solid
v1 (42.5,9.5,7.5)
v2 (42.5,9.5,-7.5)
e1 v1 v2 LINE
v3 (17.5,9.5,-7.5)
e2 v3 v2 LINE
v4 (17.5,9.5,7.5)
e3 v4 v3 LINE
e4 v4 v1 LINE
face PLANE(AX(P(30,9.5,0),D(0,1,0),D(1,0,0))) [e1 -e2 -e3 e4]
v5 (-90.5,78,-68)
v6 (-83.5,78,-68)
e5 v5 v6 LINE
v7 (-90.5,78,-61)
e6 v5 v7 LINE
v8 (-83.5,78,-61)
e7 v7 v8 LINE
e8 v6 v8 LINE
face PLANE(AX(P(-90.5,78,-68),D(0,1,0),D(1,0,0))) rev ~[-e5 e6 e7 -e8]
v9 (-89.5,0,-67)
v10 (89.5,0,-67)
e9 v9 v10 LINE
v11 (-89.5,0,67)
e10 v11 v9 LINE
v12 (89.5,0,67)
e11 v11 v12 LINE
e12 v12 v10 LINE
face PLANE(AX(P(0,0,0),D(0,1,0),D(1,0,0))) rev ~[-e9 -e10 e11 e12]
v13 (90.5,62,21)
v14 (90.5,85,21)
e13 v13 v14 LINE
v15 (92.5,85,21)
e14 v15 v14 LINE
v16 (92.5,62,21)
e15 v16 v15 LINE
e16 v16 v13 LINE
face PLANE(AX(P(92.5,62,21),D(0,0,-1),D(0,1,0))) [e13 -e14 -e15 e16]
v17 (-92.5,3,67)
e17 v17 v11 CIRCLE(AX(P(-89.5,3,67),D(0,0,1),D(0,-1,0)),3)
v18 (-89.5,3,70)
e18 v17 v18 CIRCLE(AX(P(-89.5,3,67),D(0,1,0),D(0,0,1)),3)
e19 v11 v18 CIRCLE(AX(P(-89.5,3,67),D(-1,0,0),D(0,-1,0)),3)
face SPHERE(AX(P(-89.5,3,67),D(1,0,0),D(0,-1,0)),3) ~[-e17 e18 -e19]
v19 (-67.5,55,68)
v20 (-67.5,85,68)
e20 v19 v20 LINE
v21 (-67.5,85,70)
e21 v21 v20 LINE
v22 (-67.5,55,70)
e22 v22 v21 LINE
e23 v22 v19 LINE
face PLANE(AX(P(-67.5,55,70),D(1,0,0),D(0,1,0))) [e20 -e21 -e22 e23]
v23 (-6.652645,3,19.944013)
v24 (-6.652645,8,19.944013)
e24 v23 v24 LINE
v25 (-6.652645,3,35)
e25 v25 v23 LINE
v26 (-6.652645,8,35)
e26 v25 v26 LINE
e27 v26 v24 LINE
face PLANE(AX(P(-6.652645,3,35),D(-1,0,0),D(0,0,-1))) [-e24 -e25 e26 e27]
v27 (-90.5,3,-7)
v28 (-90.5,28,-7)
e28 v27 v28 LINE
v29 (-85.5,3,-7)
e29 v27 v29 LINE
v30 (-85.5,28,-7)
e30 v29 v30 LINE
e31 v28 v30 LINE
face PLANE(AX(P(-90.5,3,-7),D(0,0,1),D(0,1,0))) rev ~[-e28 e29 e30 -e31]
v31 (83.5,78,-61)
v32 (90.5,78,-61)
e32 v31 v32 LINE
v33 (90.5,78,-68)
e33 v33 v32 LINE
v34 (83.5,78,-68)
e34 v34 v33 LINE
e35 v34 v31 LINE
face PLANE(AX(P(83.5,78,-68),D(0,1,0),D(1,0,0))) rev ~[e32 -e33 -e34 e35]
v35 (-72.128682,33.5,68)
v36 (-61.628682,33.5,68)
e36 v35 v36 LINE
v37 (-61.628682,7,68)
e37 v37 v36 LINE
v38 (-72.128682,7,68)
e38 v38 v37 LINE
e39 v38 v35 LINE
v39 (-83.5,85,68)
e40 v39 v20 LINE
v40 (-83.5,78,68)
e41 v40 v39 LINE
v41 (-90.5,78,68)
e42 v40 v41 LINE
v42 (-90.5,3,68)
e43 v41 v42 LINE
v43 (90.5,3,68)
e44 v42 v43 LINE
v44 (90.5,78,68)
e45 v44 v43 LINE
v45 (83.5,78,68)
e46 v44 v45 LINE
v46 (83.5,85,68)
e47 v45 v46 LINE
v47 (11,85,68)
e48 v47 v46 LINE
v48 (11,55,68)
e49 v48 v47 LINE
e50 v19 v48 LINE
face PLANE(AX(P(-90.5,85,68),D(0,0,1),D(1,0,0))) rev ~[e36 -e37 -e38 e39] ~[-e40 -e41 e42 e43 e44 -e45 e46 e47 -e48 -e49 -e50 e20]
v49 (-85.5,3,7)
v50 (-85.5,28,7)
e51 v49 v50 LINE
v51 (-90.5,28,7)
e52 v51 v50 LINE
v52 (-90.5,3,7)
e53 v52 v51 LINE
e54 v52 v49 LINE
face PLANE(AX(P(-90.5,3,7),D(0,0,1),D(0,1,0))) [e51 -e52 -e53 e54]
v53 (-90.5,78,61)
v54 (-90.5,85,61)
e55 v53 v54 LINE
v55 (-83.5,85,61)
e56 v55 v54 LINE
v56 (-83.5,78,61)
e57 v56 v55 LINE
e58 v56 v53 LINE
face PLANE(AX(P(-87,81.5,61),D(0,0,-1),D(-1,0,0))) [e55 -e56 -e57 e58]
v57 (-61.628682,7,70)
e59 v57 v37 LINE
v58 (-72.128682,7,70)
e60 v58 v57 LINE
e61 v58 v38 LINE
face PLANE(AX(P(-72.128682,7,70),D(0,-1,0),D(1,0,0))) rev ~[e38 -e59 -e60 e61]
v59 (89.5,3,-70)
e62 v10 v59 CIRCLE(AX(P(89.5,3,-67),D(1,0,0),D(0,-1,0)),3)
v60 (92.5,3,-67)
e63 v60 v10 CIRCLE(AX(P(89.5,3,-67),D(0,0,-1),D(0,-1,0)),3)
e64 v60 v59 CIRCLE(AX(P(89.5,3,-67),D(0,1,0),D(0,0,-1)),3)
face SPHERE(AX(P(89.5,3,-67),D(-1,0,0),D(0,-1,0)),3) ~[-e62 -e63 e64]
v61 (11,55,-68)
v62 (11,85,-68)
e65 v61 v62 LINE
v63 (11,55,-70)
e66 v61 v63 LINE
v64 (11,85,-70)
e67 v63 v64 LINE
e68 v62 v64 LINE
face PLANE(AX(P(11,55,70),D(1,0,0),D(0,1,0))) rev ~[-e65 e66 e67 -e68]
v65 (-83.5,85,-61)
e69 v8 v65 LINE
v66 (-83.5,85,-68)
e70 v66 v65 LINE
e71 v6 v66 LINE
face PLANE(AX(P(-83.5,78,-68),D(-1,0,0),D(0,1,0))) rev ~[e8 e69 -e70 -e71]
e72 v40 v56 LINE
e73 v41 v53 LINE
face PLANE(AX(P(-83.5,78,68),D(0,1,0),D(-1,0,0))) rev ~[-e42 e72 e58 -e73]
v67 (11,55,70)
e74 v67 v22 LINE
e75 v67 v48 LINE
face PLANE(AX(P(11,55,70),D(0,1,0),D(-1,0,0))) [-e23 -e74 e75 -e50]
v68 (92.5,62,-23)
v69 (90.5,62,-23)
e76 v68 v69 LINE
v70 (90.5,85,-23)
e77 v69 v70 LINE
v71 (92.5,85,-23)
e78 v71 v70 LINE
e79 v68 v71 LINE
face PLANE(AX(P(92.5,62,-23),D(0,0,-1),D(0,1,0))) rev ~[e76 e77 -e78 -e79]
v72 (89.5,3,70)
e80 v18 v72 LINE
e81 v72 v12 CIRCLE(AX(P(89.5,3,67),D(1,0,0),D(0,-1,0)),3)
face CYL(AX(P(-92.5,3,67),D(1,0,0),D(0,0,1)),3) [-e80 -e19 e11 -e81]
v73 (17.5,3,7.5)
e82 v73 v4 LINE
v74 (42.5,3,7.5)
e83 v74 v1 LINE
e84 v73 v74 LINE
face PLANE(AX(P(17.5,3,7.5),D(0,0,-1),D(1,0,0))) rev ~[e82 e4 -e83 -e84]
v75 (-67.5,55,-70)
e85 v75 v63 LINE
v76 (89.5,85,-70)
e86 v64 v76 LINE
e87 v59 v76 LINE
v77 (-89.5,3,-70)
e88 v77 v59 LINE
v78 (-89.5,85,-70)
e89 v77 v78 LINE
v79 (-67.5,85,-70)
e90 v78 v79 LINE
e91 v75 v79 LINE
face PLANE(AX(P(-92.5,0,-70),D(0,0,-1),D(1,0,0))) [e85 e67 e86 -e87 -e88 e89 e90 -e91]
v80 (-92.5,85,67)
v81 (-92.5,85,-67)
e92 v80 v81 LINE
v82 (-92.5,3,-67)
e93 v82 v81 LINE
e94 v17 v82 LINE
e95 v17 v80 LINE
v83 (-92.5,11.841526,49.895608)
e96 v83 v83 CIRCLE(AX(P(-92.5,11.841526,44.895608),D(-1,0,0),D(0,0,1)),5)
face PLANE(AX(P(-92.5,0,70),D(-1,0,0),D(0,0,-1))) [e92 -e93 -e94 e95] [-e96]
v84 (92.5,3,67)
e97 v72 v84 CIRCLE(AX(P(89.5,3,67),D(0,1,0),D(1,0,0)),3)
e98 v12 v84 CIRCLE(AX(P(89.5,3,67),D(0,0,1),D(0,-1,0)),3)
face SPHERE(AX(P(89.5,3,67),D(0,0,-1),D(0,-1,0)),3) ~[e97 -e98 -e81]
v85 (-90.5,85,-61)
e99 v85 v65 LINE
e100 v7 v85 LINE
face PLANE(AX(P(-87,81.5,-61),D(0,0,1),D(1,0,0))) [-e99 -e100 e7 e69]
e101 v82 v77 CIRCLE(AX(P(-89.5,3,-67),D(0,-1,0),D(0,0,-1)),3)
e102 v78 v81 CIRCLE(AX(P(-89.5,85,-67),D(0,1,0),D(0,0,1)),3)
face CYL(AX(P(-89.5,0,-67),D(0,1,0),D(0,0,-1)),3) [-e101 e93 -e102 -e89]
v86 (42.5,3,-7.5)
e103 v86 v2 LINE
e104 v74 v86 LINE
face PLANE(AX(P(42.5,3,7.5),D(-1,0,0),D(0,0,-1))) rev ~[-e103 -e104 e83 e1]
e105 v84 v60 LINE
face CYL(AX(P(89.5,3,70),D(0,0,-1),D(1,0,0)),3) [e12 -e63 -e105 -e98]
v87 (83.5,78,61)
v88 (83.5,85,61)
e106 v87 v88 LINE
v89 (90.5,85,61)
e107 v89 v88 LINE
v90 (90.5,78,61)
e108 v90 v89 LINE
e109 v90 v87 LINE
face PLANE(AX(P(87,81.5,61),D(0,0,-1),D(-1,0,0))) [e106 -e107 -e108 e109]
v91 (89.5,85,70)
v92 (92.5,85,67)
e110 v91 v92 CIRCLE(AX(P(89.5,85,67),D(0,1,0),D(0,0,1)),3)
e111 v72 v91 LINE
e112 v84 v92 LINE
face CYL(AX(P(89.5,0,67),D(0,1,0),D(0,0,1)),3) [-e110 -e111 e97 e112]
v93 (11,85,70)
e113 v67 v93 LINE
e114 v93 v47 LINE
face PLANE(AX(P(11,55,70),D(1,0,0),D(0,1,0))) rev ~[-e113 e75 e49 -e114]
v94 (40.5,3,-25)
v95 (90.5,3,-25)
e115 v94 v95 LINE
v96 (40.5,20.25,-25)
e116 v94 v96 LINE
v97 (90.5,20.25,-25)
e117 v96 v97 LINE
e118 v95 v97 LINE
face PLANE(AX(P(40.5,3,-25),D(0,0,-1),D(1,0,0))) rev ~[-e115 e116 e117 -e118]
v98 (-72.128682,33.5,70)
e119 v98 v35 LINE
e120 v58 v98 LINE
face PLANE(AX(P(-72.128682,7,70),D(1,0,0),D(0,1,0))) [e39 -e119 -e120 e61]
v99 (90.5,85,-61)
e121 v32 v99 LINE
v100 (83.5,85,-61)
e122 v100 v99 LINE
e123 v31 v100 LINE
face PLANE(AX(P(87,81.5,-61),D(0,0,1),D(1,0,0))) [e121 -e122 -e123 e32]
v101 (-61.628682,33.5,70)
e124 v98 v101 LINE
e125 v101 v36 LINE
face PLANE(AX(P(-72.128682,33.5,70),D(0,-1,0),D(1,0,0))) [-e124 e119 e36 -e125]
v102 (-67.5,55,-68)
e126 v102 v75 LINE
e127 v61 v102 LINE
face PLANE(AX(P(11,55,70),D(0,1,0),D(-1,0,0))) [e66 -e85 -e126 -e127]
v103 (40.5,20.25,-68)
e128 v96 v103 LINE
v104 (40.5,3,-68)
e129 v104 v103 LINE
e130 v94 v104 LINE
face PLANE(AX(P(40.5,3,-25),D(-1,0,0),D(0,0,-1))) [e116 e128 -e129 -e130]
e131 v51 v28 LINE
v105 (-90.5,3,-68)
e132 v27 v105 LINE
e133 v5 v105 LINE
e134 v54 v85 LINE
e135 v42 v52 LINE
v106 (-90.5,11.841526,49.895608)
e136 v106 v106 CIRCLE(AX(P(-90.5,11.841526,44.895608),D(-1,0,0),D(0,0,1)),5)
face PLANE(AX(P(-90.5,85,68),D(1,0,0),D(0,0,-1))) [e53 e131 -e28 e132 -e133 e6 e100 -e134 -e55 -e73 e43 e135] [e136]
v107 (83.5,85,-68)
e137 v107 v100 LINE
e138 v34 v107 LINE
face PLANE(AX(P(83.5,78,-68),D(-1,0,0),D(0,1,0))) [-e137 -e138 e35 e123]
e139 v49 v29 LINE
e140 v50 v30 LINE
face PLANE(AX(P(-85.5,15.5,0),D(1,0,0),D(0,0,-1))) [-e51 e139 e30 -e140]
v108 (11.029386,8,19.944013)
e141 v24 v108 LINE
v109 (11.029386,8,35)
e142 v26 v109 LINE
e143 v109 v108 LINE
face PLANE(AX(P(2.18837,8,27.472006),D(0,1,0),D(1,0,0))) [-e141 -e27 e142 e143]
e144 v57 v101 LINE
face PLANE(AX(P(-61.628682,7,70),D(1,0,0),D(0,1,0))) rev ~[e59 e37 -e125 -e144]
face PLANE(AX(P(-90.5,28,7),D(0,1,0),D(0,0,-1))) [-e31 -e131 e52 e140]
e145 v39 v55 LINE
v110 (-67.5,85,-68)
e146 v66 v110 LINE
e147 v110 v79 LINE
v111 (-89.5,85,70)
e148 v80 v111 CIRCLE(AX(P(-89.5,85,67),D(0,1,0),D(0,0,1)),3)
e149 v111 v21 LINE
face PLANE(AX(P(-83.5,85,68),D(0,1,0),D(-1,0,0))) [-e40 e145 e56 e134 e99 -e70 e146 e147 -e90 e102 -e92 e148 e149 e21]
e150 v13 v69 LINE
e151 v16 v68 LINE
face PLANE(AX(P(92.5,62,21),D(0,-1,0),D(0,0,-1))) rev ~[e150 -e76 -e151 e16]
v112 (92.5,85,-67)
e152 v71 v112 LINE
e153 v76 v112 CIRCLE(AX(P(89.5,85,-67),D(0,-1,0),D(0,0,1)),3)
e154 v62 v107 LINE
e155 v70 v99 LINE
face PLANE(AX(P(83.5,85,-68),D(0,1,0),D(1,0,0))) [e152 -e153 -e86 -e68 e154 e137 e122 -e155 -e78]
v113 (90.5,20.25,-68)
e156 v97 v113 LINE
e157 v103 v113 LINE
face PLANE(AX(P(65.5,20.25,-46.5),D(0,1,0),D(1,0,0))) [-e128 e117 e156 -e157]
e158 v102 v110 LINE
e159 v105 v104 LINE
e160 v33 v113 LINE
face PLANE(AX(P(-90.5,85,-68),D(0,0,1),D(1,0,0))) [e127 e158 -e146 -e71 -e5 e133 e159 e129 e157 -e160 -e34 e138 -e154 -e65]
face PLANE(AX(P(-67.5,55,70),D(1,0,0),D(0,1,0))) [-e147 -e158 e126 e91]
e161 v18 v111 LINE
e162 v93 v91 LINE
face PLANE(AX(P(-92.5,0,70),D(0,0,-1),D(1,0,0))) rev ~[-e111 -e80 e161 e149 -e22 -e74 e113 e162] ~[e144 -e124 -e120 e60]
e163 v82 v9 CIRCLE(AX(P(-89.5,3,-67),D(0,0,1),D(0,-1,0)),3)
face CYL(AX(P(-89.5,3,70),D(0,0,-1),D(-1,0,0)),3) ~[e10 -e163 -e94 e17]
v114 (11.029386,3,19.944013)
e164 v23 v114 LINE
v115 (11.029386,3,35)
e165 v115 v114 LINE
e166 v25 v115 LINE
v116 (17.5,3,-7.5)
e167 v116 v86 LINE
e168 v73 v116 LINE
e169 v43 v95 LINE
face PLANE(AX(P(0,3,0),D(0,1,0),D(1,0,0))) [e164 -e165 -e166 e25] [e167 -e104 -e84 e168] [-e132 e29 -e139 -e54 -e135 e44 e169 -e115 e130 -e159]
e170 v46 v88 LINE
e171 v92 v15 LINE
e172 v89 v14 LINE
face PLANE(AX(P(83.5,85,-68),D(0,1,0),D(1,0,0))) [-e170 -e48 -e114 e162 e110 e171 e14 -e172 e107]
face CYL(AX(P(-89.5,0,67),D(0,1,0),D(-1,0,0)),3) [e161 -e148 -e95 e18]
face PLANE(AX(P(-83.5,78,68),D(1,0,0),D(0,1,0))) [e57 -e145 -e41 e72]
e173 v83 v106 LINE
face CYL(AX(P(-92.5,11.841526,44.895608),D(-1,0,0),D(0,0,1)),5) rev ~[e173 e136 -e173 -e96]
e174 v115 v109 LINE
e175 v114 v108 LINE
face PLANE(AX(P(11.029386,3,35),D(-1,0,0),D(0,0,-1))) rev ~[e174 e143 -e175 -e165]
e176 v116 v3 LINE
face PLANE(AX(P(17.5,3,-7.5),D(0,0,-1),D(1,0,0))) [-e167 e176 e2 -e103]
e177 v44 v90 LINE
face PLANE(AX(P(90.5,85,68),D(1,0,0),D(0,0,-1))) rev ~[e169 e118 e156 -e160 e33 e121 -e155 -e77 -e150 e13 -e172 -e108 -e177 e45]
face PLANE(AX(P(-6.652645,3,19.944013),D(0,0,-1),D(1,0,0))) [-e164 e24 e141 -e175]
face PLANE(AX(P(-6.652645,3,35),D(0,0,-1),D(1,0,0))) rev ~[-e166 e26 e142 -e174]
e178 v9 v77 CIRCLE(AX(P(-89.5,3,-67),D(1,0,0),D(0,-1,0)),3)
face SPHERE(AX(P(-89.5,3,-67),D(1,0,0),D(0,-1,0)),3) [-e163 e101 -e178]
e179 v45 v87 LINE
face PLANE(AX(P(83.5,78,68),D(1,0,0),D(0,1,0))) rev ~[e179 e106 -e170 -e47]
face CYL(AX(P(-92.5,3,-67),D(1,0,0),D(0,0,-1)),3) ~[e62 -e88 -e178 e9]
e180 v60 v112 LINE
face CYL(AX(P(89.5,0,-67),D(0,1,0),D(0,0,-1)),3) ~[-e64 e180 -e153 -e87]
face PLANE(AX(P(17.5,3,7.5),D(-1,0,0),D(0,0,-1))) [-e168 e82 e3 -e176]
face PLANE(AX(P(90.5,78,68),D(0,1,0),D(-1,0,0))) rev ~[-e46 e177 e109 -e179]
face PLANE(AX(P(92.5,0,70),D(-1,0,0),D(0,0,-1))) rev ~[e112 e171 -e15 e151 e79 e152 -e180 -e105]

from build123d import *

# Parameters (mm, degrees)
SKETCH1_W            = 185
SKETCH1_H            = 140
BOSS_EXTRUDE1_DEPTH  = 85
SKETCH2_W            = 181
SKETCH2_H            = 136
CUT_EXTRUDE1_DEPTH   = 82
CUT_EXTRUDE3_REACH   = 190.099
SKETCH3_W            = 60
SKETCH3_H            = 30
SKETCH6_W            = 7
SKETCH6_H            = 7
BOSS_EXTRUDE2_DEPTH  = 7
SKETCH7_W            = 7
SKETCH7_H            = 7
BOSS_EXTRUDE3_DEPTH  = 7
SKETCH8_W            = 7
SKETCH8_H            = 7
BOSS_EXTRUDE4_DEPTH  = 7
SKETCH9_W            = 7
SKETCH9_H            = 7
BOSS_EXTRUDE5_DEPTH  = 7
SKETCH11_W           = 50
SKETCH11_H           = 43
BOSS_EXTRUDE6_DEPTH  = 17.25
SKETCH12_W           = 25
SKETCH12_H           = 15
BOSS_EXTRUDE7_DEPTH  = 6.5
SKETCH13_W           = 10
SKETCH13_H           = 30
CUT_EXTRUDE4_DEPTH   = 174
SKETCH14_W           = 14
SKETCH14_H           = 25
BOSS_EXTRUDE8_DEPTH  = 5
SKETCH21_W           = 44
SKETCH21_H           = 23
CUT_EXTRUDE11_DEPTH  = 12
SKETCH23_R           = 5
CUT_EXTRUDE12_DEPTH  = 2
FILLET2_R            = 3
CUT_EXTRUDE13_START  = -140
SKETCH24_W           = 7
SKETCH24_H           = 30
CUT_EXTRUDE13_DEPTH  = 140
CUT_EXTRUDE14_START  = -140
SKETCH25_W           = 1.5
SKETCH25_H           = 30
CUT_EXTRUDE14_DEPTH  = 140
SKETCH26_W           = 17.682031304
SKETCH26_H           = 15.055987051
BOSS_EXTRUDE12_DEPTH = 5
SKETCH27_W           = 10.5
SKETCH27_H           = 26.5
CUT_EXTRUDE15_DEPTH  = 2


with BuildPart() as part:
    # Sketch1 → Boss-Extrude1 (new body)
    with BuildSketch(Plane(origin=(0, 0, 0), x_dir=(1, 0, 0), z_dir=(0, 1, 0))):
        Rectangle(SKETCH1_W, SKETCH1_H)
    extrude(amount=BOSS_EXTRUDE1_DEPTH)

    # Sketch2 → Cut-Extrude1 (cut)
    with BuildSketch(Plane(origin=(0, 85, 0), x_dir=(1, 0, 0), z_dir=(0, 1, 0))):
        Rectangle(SKETCH2_W, SKETCH2_H)
    extrude(amount=-CUT_EXTRUDE1_DEPTH, mode=Mode.SUBTRACT)

    # Cut-Extrude3: up to this face of the body (flat: up to its plane)
    cut_extrude3_end = Plane(part.part.faces().sort_by_distance((0, 42.5, -70))[0])
    # Sketch3 → Cut-Extrude3 (cut, up to the picked face)
    with BuildSketch(Plane.XY.offset(70), mode=Mode.PRIVATE) as cut_extrude3_sk1:
        with Locations((-37.5, 70)):
            Rectangle(SKETCH3_W, SKETCH3_H)
    cut_extrude3_tool1 = split(extrude(cut_extrude3_sk1.sketch, amount=-CUT_EXTRUDE3_REACH, mode=Mode.PRIVATE), bisect_by=cut_extrude3_end, keep=Keep.BOTH, mode=Mode.PRIVATE)
    add(cut_extrude3_tool1.solids().sort_by(Axis((-37.5, 70, 70), (0, 0, -1)))[0], mode=Mode.SUBTRACT)

    # Sketch6 → Boss-Extrude2 (add)
    with BuildSketch(Plane(origin=(0, 0, 68), x_dir=(-1, 0, 0), z_dir=(0, 0, -1))):
        with Locations((87, 81.5)):
            Rectangle(SKETCH6_W, SKETCH6_H)
    extrude(amount=BOSS_EXTRUDE2_DEPTH)

    # Sketch7 → Boss-Extrude3 (add)
    with BuildSketch(Plane.XY.offset(-68)):
        with Locations((-87, 81.5)):
            Rectangle(SKETCH7_W, SKETCH7_H)
    extrude(amount=BOSS_EXTRUDE3_DEPTH)

    # Sketch8 → Boss-Extrude4 (add)
    with BuildSketch(Plane(origin=(0, 0, 68), x_dir=(-1, 0, 0), z_dir=(0, 0, -1))):
        with Locations((-87, 81.5)):
            Rectangle(SKETCH8_W, SKETCH8_H)
    extrude(amount=BOSS_EXTRUDE4_DEPTH)

    # Sketch9 → Boss-Extrude5 (add)
    with BuildSketch(Plane.XY.offset(-68)):
        with Locations((87, 81.5)):
            Rectangle(SKETCH9_W, SKETCH9_H)
    extrude(amount=BOSS_EXTRUDE5_DEPTH)

    # Sketch11 → Boss-Extrude6 (add)
    with BuildSketch(Plane(origin=(0, 3, 0), x_dir=(1, 0, 0), z_dir=(0, 1, 0))):
        with Locations((65.5, 46.5)):
            Rectangle(SKETCH11_W, SKETCH11_H)
    extrude(amount=BOSS_EXTRUDE6_DEPTH)

    # Sketch12 → Boss-Extrude7 (add)
    with BuildSketch(Plane(origin=(0, 3, 0), x_dir=(1, 0, 0), z_dir=(0, 1, 0))):
        with Locations((30, 0)):
            Rectangle(SKETCH12_W, SKETCH12_H)
    extrude(amount=BOSS_EXTRUDE7_DEPTH)

    # Sketch13 → Cut-Extrude4 (cut)
    with BuildSketch(Plane.XY.offset(70)):
        with Locations((-2.5, 70)):
            Rectangle(SKETCH13_W, SKETCH13_H)
    extrude(amount=-CUT_EXTRUDE4_DEPTH, mode=Mode.SUBTRACT)

    # Sketch14 → Boss-Extrude8 (add)
    with BuildSketch(Plane(origin=(-90.5, 0, 0), x_dir=(0, 0, -1), z_dir=(1, 0, 0))):
        with Locations((0, 15.5)):
            Rectangle(SKETCH14_W, SKETCH14_H)
    extrude(amount=BOSS_EXTRUDE8_DEPTH)

    # Sketch21 → Cut-Extrude11 (cut)
    with BuildSketch(Plane(origin=(92.5, 0, 0), x_dir=(0, 0, -1), z_dir=(1, 0, 0))):
        with Locations((1, 73.5)):
            Rectangle(SKETCH21_W, SKETCH21_H)
    extrude(amount=-CUT_EXTRUDE11_DEPTH, mode=Mode.SUBTRACT)

    # Sketch23 → Cut-Extrude12 (cut)
    with BuildSketch(Plane.ZY.offset(92.5)):
        with Locations((44.895607786, 11.841525816)):
            Circle(SKETCH23_R)
    extrude(amount=-CUT_EXTRUDE12_DEPTH, mode=Mode.SUBTRACT)

    # Fillet2
    fillet2_edges = [part.edges().sort_by_distance(p)[0] for p in [
        (0, 0, -70),
        (92.5, 0, 0),
        (0, 0, 70),
        (-92.5, 0, 0),
        (-92.5, 42.5, -70),
        (92.5, 42.5, -70),
        (92.5, 42.5, 70),
        (-92.5, 42.5, 70),
    ]]
    fillet(fillet2_edges, radius=FILLET2_R)

    # Sketch24 → Cut-Extrude13 (cut)
    with BuildSketch(Plane(origin=(0, 0, -70), x_dir=(-1, 0, 0), z_dir=(0, 0, -1)).offset(CUT_EXTRUDE13_START)):
        with Locations((-6, 70)):
            Rectangle(SKETCH24_W, SKETCH24_H)
    extrude(amount=CUT_EXTRUDE13_DEPTH, mode=Mode.SUBTRACT)

    # Sketch25 → Cut-Extrude14 (cut)
    with BuildSketch(Plane(origin=(0, 0, -70), x_dir=(-1, 0, 0), z_dir=(0, 0, -1)).offset(CUT_EXTRUDE14_START)):
        with Locations((-10.25, 70)):
            Rectangle(SKETCH25_W, SKETCH25_H)
    extrude(amount=CUT_EXTRUDE14_DEPTH, mode=Mode.SUBTRACT)

    # Sketch26 → Boss-Extrude12 (add)
    with BuildSketch(Plane(origin=(0, 3, 0), x_dir=(1, 0, 0), z_dir=(0, 1, 0))):
        with Locations((2.188370211, -27.472006474)):
            Rectangle(SKETCH26_W, SKETCH26_H)
    extrude(amount=BOSS_EXTRUDE12_DEPTH)

    # Sketch27 → Cut-Extrude15 (cut)
    with BuildSketch(Plane.XY.offset(70)):
        with Locations((-66.878682152, 20.25)):
            Rectangle(SKETCH27_W, SKETCH27_H)
    extrude(amount=-CUT_EXTRUDE15_DEPTH, mode=Mode.SUBTRACT)


solid = part.part
